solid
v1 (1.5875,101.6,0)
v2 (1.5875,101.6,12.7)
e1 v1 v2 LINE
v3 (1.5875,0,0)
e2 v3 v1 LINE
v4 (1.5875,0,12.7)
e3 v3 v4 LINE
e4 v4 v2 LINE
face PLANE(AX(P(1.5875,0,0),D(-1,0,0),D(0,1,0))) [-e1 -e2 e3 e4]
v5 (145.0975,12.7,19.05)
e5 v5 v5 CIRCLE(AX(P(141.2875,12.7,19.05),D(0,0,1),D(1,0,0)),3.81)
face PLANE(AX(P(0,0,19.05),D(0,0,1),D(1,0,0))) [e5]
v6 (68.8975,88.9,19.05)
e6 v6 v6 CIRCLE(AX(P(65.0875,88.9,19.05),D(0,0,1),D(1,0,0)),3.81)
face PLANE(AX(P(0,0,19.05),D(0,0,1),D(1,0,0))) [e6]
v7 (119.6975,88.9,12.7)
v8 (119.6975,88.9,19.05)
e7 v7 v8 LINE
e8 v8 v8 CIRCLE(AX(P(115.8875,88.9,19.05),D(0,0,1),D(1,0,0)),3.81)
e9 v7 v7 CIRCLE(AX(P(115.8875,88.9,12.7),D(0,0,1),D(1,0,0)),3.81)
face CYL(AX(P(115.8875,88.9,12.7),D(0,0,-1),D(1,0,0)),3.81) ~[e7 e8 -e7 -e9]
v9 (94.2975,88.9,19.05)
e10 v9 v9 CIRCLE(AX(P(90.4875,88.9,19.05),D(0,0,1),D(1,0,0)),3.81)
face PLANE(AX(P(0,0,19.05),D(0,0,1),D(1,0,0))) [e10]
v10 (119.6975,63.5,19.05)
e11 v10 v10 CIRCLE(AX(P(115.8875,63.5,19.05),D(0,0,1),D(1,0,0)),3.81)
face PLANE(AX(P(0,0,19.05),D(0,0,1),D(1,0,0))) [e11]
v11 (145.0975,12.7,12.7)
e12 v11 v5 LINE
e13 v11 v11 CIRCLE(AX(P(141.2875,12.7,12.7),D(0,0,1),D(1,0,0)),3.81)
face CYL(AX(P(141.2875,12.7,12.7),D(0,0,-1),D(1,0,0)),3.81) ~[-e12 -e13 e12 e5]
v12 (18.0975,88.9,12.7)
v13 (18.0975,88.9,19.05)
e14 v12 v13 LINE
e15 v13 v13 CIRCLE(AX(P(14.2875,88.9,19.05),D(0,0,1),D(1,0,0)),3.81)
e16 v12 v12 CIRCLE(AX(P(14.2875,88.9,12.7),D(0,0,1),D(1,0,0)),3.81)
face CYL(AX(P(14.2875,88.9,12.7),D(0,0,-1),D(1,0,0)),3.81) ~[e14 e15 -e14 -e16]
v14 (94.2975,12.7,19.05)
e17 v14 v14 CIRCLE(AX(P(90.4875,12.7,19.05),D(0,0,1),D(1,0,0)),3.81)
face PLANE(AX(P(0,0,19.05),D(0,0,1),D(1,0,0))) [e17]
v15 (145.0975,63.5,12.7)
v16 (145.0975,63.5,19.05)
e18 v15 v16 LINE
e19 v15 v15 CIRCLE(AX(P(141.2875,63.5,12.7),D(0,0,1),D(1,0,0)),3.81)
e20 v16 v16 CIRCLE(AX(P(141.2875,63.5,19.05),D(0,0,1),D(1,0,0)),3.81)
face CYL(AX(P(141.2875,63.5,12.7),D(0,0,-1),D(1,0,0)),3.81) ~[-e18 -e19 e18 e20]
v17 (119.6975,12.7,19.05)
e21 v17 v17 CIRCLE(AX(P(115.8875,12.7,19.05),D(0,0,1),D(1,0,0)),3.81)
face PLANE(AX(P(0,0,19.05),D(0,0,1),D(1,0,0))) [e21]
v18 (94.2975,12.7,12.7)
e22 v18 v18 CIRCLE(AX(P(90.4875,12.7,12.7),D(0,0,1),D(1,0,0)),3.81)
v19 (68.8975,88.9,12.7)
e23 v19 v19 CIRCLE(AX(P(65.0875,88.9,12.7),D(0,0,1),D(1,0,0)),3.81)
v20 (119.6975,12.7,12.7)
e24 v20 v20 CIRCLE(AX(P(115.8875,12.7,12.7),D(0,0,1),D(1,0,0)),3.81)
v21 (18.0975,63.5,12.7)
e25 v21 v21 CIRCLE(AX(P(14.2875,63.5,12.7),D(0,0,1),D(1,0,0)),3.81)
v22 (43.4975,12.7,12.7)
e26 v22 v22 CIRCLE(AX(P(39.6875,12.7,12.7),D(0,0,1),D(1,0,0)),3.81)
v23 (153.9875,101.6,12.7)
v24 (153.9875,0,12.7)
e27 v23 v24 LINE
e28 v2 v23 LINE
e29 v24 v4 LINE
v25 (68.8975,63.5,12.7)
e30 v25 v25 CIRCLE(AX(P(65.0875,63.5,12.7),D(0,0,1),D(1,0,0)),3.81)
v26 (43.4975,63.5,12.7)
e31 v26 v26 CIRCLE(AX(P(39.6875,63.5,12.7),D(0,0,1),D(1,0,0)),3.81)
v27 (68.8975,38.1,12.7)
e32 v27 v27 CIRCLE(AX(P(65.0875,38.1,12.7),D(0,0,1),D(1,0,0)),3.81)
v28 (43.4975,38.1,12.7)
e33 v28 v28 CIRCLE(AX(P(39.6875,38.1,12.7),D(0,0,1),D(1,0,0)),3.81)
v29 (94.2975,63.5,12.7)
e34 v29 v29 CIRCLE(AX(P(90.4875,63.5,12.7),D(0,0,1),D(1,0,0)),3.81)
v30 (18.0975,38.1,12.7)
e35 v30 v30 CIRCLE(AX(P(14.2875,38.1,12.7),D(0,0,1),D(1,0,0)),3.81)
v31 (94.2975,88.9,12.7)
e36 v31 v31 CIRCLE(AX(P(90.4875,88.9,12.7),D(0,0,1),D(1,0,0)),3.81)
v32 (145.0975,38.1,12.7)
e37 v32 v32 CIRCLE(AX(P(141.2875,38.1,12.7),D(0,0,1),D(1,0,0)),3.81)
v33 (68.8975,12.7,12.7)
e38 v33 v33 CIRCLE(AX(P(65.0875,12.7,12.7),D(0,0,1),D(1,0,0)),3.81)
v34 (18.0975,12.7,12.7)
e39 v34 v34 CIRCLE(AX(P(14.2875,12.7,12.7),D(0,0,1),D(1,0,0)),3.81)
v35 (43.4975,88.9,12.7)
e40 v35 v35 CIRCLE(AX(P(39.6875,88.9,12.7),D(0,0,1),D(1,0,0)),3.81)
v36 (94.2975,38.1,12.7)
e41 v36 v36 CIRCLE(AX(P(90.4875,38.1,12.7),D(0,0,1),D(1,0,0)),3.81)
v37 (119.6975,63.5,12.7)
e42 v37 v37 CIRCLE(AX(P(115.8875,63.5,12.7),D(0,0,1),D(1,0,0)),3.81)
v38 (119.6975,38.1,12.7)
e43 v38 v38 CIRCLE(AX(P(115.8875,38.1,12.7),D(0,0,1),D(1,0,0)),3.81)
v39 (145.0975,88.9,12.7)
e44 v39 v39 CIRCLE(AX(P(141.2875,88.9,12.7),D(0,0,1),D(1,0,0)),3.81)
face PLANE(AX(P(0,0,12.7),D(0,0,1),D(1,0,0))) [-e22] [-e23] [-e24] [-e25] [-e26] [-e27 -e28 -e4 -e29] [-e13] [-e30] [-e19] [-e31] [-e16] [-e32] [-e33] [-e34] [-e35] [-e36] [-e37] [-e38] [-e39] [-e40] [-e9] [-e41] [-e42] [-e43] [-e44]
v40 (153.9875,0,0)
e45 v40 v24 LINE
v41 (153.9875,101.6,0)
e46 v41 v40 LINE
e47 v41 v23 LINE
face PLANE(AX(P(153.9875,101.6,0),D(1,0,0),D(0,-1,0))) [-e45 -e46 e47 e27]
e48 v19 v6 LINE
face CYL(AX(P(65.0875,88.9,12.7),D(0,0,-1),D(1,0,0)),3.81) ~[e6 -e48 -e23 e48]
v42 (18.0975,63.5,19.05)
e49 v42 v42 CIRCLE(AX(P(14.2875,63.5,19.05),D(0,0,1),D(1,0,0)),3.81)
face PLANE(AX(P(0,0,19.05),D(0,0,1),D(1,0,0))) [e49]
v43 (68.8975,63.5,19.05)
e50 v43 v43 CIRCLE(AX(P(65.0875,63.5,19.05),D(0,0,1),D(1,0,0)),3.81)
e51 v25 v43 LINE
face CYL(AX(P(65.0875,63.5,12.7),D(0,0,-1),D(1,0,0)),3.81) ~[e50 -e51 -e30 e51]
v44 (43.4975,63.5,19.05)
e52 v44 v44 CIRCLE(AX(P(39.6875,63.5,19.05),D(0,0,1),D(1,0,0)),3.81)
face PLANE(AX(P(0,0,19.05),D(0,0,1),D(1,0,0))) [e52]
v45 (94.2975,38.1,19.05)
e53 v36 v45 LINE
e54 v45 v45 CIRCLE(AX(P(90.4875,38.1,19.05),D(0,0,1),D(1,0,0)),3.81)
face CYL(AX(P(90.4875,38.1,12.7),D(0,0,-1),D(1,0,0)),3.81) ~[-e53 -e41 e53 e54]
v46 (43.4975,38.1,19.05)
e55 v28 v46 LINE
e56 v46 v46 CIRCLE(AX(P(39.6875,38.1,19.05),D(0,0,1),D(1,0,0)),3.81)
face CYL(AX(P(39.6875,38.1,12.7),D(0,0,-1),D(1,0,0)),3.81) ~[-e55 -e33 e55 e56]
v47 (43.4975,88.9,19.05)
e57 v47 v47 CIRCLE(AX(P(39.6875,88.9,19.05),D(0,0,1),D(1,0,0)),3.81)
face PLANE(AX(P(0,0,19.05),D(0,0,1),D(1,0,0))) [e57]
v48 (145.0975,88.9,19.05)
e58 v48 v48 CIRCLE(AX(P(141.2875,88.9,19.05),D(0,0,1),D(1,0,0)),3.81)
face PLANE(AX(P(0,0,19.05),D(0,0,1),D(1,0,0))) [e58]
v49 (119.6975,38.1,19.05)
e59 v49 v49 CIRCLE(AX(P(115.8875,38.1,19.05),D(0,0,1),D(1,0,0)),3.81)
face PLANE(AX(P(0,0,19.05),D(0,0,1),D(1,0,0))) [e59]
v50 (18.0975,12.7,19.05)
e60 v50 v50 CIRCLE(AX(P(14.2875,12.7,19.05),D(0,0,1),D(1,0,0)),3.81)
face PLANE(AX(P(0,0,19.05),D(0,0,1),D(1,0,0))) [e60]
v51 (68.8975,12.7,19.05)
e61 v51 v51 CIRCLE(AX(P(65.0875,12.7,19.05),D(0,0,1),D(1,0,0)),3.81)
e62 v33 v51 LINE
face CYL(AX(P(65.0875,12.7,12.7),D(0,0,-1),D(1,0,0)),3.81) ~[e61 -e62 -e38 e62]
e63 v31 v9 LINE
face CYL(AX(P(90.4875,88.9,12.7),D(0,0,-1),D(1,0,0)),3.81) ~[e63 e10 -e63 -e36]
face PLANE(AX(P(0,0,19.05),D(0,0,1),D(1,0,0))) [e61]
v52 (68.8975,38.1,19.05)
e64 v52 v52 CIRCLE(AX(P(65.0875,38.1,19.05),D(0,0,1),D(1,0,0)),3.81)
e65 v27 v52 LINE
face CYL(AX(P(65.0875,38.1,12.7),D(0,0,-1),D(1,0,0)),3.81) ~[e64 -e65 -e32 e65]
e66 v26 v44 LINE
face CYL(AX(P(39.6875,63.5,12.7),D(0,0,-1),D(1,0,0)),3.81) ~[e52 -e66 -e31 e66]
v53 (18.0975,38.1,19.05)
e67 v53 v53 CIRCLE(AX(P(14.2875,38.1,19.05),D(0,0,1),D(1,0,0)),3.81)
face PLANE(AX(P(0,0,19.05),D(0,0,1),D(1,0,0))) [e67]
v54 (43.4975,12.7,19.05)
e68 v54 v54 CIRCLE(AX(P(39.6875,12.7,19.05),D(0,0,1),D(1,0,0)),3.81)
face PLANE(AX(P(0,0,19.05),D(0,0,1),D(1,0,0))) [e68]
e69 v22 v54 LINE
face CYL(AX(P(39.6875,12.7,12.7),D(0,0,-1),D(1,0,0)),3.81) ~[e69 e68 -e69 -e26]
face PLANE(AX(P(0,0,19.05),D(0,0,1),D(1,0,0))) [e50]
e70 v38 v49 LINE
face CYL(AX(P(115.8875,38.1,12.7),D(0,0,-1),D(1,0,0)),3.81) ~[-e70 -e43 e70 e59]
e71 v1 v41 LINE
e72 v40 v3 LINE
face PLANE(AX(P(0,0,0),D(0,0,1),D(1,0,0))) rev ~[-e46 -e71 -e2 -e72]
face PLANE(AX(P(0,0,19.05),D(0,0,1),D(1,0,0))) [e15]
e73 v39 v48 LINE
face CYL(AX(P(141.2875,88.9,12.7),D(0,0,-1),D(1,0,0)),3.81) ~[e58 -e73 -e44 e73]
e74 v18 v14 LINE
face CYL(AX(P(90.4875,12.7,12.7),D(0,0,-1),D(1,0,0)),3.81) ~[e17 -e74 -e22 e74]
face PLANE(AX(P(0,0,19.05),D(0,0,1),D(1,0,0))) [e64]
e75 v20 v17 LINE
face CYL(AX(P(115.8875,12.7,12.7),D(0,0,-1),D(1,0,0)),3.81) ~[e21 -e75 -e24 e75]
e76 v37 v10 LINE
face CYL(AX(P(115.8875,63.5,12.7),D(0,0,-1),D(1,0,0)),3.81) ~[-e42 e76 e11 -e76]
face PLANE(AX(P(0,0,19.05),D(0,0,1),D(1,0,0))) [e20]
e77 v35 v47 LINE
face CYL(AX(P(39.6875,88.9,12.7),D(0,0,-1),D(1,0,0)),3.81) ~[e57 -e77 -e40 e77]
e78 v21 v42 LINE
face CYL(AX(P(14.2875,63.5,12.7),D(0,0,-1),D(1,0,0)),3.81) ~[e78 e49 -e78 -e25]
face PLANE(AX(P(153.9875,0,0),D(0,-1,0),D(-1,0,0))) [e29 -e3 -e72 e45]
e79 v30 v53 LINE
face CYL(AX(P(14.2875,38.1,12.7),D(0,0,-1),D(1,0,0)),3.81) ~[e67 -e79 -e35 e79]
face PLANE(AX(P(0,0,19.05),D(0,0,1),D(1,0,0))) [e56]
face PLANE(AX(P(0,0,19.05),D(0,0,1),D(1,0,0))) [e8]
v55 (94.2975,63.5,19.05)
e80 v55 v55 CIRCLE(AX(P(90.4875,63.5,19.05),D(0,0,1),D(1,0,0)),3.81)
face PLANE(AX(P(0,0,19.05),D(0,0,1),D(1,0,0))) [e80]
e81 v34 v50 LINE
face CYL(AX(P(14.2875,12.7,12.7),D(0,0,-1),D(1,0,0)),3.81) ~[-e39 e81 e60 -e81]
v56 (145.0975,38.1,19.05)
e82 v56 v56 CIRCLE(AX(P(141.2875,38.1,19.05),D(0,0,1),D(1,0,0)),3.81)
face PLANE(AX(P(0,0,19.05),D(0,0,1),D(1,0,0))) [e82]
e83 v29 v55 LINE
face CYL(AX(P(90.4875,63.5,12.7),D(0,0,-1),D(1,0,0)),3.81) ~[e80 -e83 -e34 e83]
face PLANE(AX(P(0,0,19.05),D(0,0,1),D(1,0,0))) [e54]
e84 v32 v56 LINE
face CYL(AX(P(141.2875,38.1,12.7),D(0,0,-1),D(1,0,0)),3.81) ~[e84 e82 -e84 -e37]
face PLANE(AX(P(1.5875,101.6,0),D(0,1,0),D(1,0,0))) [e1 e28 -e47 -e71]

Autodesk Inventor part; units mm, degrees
ref_plane "YZ Plane" through (0, 0, 0) normal (1, 0, 0) x (0, 1, 0)
ref_plane "XZ Plane" through (0, 0, 0) normal (0, 1, 0) x (-1, 0, 0)
ref_plane "XY Plane" through (0, 0, 0) normal (0, 0, 1) x (1, 0, 0)
sketch "Sketch1" plane through (0, 0, 0) normal (0, 0, 1) x (1, 0, 0)
  line L0 (1.5875, 101.6) -> (153.9875, 101.6)
  line L1 (153.9875, 101.6) -> (153.9875, 0)
  line L2 (153.9875, 0) -> (1.5875, 0)
  line L3 (1.5875, 0) -> (1.5875, 101.6)
  point P0 (0, 0)
  dimension "d0" = 101.6
  dimension "d1" = 152.4
extrude "Extrusion1" add sketch "Sketch1" along normal blind 12.7
sketch "Sketch3" plane through (0, 0, 12.7) normal (0, 0, 1) x (1, 0, 0)
  circle A0 centre (14.2875, 12.7) radius 3.81
  line L0 (1.5875, 0) -> (1.5875, 101.6) projected
  line L1 (153.9875, 0) -> (1.5875, 0) projected
  circle A1 centre (14.2875, 38.1) radius 3.81
  circle A2 centre (14.2875, 63.5) radius 3.81
  circle A3 centre (14.2875, 88.9) radius 3.81
  circle A4 centre (39.6875, 12.7) radius 3.81
  circle A5 centre (39.6875, 38.1) radius 3.81
  circle A6 centre (39.6875, 63.5) radius 3.81
  circle A7 centre (39.6875, 88.9) radius 3.81
  circle A8 centre (65.0875, 12.7) radius 3.81
  circle A9 centre (65.0875, 38.1) radius 3.81
  circle A10 centre (65.0875, 63.5) radius 3.81
  circle A11 centre (65.0875, 88.9) radius 3.81
  circle A12 centre (90.4875, 12.7) radius 3.81
  circle A13 centre (90.4875, 38.1) radius 3.81
  circle A14 centre (90.4875, 63.5) radius 3.81
  circle A15 centre (90.4875, 88.9) radius 3.81
  circle A16 centre (115.8875, 12.7) radius 3.81
  circle A17 centre (115.8875, 38.1) radius 3.81
  circle A18 centre (115.8875, 63.5) radius 3.81
  circle A19 centre (115.8875, 88.9) radius 3.81
  circle A20 centre (141.2875, 12.7) radius 3.81
  circle A21 centre (141.2875, 38.1) radius 3.81
  circle A22 centre (141.2875, 63.5) radius 3.81
  circle A23 centre (141.2875, 88.9) radius 3.81
  point P0 (0, 0)
  dimension "d5" = 7.62
  dimension "d6" = 12.7
  dimension "d7" = 12.7
  dimension "d10" = 25.4
  dimension "d13" = 25.4
extrude "Extrusion2" add sketch "Sketch3" along normal blind 6.35
properties part number "RectangularPattern"
